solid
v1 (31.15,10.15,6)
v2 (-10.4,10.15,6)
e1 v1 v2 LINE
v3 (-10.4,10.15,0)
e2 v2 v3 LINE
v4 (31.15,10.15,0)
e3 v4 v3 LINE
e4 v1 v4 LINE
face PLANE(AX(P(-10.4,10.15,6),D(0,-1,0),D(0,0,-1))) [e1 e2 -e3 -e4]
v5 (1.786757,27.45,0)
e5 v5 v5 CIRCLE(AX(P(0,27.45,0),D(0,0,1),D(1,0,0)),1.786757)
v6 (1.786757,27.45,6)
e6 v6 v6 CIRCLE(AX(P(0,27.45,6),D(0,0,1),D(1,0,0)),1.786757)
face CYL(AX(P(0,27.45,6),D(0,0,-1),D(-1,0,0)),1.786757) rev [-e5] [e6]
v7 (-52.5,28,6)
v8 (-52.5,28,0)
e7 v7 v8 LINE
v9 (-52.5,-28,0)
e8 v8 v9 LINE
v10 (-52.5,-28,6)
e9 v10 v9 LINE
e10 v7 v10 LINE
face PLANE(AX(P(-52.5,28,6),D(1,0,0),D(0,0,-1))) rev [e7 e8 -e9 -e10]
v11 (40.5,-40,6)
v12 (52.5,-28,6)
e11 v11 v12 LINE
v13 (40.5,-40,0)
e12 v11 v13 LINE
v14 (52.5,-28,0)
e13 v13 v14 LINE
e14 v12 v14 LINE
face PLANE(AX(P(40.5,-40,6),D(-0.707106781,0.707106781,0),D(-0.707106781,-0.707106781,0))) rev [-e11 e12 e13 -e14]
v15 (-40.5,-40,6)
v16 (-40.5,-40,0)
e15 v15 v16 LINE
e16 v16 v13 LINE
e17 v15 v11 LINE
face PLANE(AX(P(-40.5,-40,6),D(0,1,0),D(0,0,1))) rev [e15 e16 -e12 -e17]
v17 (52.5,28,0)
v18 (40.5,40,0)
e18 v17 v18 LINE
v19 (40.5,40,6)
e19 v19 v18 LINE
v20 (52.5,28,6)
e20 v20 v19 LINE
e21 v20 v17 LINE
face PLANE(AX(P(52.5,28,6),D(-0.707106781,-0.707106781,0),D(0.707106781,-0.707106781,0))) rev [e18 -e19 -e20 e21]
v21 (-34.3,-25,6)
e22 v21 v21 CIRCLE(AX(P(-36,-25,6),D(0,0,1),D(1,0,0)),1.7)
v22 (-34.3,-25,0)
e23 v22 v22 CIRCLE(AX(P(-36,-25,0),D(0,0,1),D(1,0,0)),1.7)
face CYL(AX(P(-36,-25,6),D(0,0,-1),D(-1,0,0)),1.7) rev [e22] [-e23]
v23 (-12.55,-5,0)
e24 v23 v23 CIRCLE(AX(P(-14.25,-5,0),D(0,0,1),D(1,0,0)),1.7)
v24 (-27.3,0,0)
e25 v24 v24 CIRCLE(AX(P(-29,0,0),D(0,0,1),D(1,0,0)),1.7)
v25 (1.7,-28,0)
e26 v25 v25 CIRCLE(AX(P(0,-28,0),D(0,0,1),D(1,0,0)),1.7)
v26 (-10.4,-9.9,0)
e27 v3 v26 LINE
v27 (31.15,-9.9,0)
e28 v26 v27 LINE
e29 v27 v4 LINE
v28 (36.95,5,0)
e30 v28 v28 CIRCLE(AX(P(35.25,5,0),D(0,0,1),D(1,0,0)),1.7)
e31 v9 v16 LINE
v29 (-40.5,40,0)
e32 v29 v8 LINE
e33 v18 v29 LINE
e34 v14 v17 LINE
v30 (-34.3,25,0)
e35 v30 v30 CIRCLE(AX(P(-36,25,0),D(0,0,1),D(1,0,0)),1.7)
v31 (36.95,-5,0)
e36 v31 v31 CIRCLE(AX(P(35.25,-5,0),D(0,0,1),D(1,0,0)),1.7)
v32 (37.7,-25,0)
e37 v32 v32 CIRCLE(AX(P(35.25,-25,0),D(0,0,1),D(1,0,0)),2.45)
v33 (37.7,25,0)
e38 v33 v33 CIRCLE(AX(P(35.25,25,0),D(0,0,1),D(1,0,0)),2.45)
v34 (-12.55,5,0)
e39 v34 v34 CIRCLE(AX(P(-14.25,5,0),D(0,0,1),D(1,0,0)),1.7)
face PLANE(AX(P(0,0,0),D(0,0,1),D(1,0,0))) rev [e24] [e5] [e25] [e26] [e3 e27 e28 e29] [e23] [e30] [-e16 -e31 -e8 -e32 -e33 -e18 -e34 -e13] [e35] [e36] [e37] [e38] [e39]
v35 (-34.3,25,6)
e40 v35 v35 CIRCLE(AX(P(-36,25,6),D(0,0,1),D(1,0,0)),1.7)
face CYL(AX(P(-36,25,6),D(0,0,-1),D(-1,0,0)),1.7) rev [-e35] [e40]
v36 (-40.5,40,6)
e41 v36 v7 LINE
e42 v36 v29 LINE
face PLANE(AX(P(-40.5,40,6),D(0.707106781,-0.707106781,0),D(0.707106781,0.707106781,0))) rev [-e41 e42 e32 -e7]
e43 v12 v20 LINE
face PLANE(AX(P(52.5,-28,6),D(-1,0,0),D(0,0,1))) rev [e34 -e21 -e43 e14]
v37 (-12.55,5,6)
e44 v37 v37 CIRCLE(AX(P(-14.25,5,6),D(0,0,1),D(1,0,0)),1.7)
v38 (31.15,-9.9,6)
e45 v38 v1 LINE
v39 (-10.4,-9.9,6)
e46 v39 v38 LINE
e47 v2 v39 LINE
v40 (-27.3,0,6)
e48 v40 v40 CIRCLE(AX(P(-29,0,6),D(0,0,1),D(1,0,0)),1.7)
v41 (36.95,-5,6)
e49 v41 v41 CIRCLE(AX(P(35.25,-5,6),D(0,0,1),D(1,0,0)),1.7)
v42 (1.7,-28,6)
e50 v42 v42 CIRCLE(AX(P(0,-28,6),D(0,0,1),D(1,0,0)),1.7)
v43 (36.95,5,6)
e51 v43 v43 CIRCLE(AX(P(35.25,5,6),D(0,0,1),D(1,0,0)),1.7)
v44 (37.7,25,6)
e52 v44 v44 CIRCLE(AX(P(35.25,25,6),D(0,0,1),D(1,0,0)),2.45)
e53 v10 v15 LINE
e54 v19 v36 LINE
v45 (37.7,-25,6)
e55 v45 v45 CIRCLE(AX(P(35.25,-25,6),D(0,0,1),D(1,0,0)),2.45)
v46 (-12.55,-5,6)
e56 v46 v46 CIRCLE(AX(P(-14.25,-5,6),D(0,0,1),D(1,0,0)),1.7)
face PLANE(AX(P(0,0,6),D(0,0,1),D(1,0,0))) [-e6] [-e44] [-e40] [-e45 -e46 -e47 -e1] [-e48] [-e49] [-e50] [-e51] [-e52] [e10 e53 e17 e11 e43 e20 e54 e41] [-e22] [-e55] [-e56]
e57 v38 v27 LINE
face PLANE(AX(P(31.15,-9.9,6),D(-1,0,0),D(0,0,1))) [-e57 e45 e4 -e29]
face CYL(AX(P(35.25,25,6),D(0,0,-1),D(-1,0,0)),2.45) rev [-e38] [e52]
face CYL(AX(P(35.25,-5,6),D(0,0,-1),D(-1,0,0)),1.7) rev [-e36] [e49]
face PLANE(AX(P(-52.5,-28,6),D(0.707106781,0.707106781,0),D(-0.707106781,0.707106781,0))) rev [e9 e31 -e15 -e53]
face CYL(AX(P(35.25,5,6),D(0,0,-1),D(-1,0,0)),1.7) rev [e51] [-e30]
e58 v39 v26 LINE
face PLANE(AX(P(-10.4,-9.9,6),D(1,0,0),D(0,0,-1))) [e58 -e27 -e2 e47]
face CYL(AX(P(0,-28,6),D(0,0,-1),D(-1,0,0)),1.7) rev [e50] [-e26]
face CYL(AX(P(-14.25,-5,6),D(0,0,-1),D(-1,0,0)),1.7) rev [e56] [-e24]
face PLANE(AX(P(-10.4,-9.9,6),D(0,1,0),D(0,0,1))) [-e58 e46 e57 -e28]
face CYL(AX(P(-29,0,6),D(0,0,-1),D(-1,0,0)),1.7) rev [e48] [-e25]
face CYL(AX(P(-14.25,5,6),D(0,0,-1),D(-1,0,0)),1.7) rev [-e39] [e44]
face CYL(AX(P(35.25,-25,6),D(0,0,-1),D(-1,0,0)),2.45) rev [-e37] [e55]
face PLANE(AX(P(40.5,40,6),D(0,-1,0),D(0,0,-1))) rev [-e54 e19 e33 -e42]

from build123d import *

# Parameters (mm, degrees)
SKETCH_1_R                = 1.7
SKETCH_1_R_2              = 2.45
SKETCH_1_R_3              = 1.786756839
SKETCH_1_W                = 41.55
SKETCH_1_H                = 20.05
F_02_PAN_SERVO_DECK_DEPTH = 6


with BuildPart() as part:
    # Эскиз1 → 02_Pan_servo_deck (new body)
    with BuildSketch(Plane.XY):
        Polygon((-40.5, -40), (40.5, -40), (52.5, -28), (52.5, 28), (40.5, 40), (-40.5, 40), (-52.5, 28), (-52.5, -28), align=None)
        with Locations((-14.25, -5)):
            Circle(SKETCH_1_R, mode=Mode.SUBTRACT)
        with Locations((-14.25, 5)):
            Circle(SKETCH_1_R, mode=Mode.SUBTRACT)
        with Locations((35.25, -5)):
            Circle(SKETCH_1_R, mode=Mode.SUBTRACT)
        with Locations((35.25, 5)):
            Circle(SKETCH_1_R, mode=Mode.SUBTRACT)
        with Locations((-36, -25)):
            Circle(SKETCH_1_R, mode=Mode.SUBTRACT)
        with Locations((-36, 25)):
            Circle(SKETCH_1_R, mode=Mode.SUBTRACT)
        with Locations((35.25, -25)):
            Circle(SKETCH_1_R_2, mode=Mode.SUBTRACT)
        with Locations((35.25, 25)):
            Circle(SKETCH_1_R_2, mode=Mode.SUBTRACT)
        with Locations((0, 27.45)):
            Circle(SKETCH_1_R_3, mode=Mode.SUBTRACT)
        with Locations((0, -28)):
            Circle(SKETCH_1_R, mode=Mode.SUBTRACT)
        with Locations((-29, 0)):
            Circle(SKETCH_1_R, mode=Mode.SUBTRACT)
        with Locations((10.375, 0.125)):
            Rectangle(SKETCH_1_W, SKETCH_1_H, mode=Mode.SUBTRACT)
    extrude(amount=F_02_PAN_SERVO_DECK_DEPTH)


solid = part.part
